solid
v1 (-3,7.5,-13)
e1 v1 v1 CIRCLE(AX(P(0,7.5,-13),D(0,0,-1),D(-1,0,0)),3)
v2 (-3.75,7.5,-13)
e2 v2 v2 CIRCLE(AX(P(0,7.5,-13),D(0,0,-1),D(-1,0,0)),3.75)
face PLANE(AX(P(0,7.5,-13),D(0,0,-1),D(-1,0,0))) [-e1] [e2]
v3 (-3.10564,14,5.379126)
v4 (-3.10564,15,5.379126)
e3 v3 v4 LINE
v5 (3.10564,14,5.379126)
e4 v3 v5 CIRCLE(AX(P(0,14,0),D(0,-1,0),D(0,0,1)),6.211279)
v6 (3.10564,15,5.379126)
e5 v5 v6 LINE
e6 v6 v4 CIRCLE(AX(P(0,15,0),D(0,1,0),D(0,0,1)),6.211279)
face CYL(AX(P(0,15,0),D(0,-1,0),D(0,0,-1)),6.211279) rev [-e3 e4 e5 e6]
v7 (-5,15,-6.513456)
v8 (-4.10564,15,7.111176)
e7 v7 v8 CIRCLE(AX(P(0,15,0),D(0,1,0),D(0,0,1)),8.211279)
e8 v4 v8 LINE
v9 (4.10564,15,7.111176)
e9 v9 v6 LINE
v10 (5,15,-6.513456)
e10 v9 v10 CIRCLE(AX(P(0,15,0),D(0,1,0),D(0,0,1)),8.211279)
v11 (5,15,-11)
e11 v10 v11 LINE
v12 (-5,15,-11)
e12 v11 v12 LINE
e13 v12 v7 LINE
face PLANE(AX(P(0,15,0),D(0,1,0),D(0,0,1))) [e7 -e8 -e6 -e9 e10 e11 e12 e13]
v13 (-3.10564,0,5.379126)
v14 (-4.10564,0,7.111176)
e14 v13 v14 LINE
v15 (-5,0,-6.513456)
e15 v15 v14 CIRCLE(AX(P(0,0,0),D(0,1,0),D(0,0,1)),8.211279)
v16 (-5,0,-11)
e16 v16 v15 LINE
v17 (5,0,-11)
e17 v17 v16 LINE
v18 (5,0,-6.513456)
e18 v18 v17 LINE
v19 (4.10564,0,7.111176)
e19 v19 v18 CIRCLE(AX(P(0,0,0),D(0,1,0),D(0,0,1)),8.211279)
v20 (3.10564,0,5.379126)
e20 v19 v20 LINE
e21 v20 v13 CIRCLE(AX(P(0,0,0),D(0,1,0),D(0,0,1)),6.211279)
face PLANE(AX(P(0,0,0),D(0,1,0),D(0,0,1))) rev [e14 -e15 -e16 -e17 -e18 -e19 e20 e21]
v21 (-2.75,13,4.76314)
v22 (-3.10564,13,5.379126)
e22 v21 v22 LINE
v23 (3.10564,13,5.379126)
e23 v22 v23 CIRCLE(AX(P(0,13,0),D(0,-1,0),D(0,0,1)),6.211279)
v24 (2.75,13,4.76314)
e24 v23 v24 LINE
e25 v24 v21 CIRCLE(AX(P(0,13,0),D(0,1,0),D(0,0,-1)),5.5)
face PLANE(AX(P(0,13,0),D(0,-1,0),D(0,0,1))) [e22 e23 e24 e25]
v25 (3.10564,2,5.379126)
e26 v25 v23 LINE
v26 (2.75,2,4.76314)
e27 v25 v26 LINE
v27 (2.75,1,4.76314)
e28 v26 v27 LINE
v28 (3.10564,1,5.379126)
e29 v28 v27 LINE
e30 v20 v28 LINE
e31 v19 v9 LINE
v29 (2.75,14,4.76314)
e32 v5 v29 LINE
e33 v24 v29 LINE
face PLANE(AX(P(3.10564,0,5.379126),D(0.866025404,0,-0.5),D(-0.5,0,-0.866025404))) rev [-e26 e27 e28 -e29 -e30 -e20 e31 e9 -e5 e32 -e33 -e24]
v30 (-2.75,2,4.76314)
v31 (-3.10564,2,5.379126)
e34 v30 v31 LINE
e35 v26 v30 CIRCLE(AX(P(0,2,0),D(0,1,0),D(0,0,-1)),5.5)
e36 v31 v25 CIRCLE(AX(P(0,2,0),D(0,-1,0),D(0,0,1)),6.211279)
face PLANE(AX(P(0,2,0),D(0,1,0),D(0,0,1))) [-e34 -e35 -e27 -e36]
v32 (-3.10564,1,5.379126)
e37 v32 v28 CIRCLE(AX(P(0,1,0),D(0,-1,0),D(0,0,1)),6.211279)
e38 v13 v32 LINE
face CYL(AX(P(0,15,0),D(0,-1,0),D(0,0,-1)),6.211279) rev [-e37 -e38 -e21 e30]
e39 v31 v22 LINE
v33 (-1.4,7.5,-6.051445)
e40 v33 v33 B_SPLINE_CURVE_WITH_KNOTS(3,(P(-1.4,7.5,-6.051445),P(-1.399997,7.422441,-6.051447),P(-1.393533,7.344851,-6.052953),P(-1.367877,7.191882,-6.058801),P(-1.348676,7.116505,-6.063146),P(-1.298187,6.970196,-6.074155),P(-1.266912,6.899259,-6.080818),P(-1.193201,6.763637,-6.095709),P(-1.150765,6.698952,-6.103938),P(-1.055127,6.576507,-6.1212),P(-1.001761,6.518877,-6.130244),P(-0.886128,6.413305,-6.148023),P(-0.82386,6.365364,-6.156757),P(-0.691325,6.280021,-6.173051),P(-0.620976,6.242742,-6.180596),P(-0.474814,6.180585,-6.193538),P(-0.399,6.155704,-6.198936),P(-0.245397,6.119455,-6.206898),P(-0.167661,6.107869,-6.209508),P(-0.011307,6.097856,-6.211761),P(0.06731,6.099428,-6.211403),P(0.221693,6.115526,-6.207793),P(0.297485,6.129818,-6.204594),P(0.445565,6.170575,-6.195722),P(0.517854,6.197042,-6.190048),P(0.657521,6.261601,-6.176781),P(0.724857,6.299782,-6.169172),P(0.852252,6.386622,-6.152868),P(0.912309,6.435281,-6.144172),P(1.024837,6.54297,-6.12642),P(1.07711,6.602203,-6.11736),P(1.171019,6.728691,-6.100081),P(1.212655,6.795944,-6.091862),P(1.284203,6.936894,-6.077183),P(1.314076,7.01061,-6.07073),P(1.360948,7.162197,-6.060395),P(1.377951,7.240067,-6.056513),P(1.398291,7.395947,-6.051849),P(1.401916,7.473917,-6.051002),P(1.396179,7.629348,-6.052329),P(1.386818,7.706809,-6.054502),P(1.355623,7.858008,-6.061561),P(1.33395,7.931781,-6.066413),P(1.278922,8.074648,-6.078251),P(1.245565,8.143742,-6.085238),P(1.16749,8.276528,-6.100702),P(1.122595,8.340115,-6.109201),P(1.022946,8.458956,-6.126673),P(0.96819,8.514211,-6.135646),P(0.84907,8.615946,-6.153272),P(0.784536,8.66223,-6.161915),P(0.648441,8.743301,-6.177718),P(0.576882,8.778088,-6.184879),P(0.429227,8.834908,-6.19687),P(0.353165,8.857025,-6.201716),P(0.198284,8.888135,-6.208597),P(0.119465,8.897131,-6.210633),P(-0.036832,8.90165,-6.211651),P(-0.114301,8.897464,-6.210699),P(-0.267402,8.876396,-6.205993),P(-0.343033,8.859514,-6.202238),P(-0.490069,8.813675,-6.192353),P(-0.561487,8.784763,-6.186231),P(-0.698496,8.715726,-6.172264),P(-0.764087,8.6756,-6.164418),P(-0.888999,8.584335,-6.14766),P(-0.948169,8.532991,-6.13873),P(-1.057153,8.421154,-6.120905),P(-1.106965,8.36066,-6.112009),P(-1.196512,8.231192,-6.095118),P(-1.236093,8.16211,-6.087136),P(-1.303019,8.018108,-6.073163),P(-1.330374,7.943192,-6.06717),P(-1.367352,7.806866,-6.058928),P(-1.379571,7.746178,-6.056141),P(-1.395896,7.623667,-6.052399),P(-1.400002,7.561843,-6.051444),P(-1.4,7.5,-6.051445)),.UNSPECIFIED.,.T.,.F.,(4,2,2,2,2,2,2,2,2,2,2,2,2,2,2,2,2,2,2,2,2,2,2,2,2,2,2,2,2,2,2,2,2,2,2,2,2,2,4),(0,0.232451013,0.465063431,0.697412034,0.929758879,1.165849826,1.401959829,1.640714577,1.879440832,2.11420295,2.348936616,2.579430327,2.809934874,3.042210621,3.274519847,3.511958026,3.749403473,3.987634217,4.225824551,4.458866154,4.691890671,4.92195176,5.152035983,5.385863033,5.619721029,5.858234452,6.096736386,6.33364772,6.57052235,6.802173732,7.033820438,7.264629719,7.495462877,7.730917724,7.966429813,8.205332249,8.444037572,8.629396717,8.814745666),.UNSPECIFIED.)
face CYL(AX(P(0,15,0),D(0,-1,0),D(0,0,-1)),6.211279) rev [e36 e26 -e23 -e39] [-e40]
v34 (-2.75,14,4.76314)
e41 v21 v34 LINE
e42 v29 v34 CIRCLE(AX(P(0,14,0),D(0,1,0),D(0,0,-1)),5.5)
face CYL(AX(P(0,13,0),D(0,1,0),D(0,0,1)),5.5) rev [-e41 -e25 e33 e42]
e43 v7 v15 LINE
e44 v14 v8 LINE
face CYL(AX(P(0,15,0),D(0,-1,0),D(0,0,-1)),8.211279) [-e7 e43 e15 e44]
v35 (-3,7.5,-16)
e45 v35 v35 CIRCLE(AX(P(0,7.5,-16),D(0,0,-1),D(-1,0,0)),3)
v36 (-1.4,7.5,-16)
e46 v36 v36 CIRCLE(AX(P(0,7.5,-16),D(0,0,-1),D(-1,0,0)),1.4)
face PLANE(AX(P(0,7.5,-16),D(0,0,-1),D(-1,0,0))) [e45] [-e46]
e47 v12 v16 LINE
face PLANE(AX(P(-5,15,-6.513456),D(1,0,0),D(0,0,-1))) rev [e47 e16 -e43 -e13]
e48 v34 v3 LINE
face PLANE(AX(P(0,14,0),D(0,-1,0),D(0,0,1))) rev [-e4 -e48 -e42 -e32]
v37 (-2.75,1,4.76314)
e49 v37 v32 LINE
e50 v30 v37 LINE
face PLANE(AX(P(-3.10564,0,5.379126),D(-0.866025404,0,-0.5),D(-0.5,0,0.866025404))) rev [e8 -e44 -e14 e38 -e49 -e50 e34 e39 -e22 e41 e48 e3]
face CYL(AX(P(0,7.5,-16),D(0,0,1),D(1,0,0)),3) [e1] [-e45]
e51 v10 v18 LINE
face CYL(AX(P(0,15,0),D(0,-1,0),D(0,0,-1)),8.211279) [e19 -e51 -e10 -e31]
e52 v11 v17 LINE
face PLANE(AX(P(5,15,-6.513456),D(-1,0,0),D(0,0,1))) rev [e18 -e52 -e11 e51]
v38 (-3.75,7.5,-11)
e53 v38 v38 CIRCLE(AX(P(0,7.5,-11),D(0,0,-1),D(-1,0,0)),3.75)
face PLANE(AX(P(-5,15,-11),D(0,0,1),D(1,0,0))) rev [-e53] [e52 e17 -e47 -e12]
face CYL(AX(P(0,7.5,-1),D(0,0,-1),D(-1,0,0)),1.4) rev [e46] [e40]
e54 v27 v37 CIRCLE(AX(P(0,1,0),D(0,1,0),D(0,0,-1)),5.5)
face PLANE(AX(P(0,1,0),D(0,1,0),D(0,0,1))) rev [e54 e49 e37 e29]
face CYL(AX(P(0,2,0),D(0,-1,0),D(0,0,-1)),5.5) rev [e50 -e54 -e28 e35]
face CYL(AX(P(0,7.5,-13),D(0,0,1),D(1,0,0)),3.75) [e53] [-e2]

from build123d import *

# Parameters (mm, degrees)
SKETCH1_R               = 6.211279156
BOSS_EXTRUDE1_DEPTH     = 15
CUT_EXTRUDE1_DEPTH      = 21.332857777
CUT_EXTRUDE1_DEPTH_BACK = 21.332857777
BOSS_EXTRUDE3_DEPTH     = 1
SKETCH6_R               = 1.4
CUT_EXTRUDE2_DEPTH      = 10
SKETCH7_R               = 3.75
BOSS_EXTRUDE4_DEPTH     = 2
SKETCH8_R               = 3
BOSS_EXTRUDE5_DEPTH     = 3
CUT_EXTRUDE3_DEPTH      = 29.749810043
CUT_EXTRUDE3_DEPTH_BACK = 29.749810043
SKETCH9_R               = 1.4


with BuildPart() as part:
    # Sketch1 → Boss-Extrude1 (new body)
    with BuildSketch(Plane(origin=(0, 0, 0), x_dir=(1, 0, 0), z_dir=(0, 1, 0))):
        with BuildLine():
            Line((-5, 6.513455717), (-5, 11))
            Line((-5, 11), (5, 11))
            Line((5, 11), (5, 6.513455717))
            ThreePointArc((5, 6.513455717), (0, -8.211279156), (-5, 6.513455717))
        make_face()
        with Locations(Location((0, 0, 0), (0, 0, 270))):
            Circle(SKETCH1_R, mode=Mode.SUBTRACT)
    extrude(amount=BOSS_EXTRUDE1_DEPTH)

    # Sketch4 → Cut-Extrude1 (cut, two sides: drawn at the far end of the back side and taken through both)
    with BuildSketch(Plane(origin=(0, 15, 0), x_dir=(1, 0, 0), z_dir=(0, 1, 0)).offset(-CUT_EXTRUDE1_DEPTH_BACK)):
        with BuildLine():
            Line((-3.105639578, -5.379125539), (-4.105639578, -7.111176346))
            ThreePointArc((-4.105639578, -7.111176346), (0, -8.211279156), (4.105639578, -7.111176346))
            Line((4.105639578, -7.111176346), (3.105639578, -5.379125539))
            ThreePointArc((3.105639578, -5.379125539), (0, -6.211279156), (-3.105639578, -5.379125539))
        make_face()
    extrude(amount=CUT_EXTRUDE1_DEPTH + CUT_EXTRUDE1_DEPTH_BACK, mode=Mode.SUBTRACT)

    # Sketch5 → Boss-Extrude3 (add)
    with BuildSketch(Plane(origin=(0, 1, 0), x_dir=(-1, 0, 0), z_dir=(0, -1, 0))):
        with BuildLine():
            Line((3.105639578, -5.379125539), (2.749999992, -4.763139708))
            ThreePointArc((2.749999992, -4.763139708), (0, 5.499999985), (-2.749999992, -4.763139708))
            Line((-2.749999992, -4.763139708), (-3.105639578, -5.379125539))
            ThreePointArc((-3.105639578, -5.379125539), (0, 6.211279156), (3.105639578, -5.379125539))
        make_face()
    boss_extrude3 = extrude(amount=-BOSS_EXTRUDE3_DEPTH)

    # Mirror1: Boss-Extrude3 across plane
    add(boss_extrude3.mirror(Plane.ZX.offset(7.5)))

    # Sketch6 → Cut-Extrude2 (cut)
    with BuildSketch(Plane(origin=(0, 0, -11), x_dir=(-1, 0, 0), z_dir=(0, 0, -1))):
        with Locations((0, 7.5)):
            Circle(SKETCH6_R)
    extrude(amount=-CUT_EXTRUDE2_DEPTH, mode=Mode.SUBTRACT)

    # Sketch7 → Boss-Extrude4 (add)
    with BuildSketch(Plane(origin=(0, 0, -11), x_dir=(-1, 0, 0), z_dir=(0, 0, -1))):
        with Locations((0, 7.5)):
            Circle(SKETCH7_R)
    extrude(amount=BOSS_EXTRUDE4_DEPTH)

    # Sketch8 → Boss-Extrude5 (add)
    with BuildSketch(Plane(origin=(0, 0, -13), x_dir=(-1, 0, 0), z_dir=(0, 0, -1))):
        with Locations((0, 7.5)):
            Circle(SKETCH8_R)
    extrude(amount=BOSS_EXTRUDE5_DEPTH)

    # Sketch9 → Cut-Extrude3 (cut, two sides: drawn at the far end of the back side and taken through both)
    with BuildSketch(Plane(origin=(0, 0, -16), x_dir=(-1, 0, 0), z_dir=(0, 0, -1)).offset(-CUT_EXTRUDE3_DEPTH_BACK)):
        with Locations((0, 7.5)):
            Circle(SKETCH9_R)
    extrude(amount=CUT_EXTRUDE3_DEPTH + CUT_EXTRUDE3_DEPTH_BACK, mode=Mode.SUBTRACT)


solid = part.part
